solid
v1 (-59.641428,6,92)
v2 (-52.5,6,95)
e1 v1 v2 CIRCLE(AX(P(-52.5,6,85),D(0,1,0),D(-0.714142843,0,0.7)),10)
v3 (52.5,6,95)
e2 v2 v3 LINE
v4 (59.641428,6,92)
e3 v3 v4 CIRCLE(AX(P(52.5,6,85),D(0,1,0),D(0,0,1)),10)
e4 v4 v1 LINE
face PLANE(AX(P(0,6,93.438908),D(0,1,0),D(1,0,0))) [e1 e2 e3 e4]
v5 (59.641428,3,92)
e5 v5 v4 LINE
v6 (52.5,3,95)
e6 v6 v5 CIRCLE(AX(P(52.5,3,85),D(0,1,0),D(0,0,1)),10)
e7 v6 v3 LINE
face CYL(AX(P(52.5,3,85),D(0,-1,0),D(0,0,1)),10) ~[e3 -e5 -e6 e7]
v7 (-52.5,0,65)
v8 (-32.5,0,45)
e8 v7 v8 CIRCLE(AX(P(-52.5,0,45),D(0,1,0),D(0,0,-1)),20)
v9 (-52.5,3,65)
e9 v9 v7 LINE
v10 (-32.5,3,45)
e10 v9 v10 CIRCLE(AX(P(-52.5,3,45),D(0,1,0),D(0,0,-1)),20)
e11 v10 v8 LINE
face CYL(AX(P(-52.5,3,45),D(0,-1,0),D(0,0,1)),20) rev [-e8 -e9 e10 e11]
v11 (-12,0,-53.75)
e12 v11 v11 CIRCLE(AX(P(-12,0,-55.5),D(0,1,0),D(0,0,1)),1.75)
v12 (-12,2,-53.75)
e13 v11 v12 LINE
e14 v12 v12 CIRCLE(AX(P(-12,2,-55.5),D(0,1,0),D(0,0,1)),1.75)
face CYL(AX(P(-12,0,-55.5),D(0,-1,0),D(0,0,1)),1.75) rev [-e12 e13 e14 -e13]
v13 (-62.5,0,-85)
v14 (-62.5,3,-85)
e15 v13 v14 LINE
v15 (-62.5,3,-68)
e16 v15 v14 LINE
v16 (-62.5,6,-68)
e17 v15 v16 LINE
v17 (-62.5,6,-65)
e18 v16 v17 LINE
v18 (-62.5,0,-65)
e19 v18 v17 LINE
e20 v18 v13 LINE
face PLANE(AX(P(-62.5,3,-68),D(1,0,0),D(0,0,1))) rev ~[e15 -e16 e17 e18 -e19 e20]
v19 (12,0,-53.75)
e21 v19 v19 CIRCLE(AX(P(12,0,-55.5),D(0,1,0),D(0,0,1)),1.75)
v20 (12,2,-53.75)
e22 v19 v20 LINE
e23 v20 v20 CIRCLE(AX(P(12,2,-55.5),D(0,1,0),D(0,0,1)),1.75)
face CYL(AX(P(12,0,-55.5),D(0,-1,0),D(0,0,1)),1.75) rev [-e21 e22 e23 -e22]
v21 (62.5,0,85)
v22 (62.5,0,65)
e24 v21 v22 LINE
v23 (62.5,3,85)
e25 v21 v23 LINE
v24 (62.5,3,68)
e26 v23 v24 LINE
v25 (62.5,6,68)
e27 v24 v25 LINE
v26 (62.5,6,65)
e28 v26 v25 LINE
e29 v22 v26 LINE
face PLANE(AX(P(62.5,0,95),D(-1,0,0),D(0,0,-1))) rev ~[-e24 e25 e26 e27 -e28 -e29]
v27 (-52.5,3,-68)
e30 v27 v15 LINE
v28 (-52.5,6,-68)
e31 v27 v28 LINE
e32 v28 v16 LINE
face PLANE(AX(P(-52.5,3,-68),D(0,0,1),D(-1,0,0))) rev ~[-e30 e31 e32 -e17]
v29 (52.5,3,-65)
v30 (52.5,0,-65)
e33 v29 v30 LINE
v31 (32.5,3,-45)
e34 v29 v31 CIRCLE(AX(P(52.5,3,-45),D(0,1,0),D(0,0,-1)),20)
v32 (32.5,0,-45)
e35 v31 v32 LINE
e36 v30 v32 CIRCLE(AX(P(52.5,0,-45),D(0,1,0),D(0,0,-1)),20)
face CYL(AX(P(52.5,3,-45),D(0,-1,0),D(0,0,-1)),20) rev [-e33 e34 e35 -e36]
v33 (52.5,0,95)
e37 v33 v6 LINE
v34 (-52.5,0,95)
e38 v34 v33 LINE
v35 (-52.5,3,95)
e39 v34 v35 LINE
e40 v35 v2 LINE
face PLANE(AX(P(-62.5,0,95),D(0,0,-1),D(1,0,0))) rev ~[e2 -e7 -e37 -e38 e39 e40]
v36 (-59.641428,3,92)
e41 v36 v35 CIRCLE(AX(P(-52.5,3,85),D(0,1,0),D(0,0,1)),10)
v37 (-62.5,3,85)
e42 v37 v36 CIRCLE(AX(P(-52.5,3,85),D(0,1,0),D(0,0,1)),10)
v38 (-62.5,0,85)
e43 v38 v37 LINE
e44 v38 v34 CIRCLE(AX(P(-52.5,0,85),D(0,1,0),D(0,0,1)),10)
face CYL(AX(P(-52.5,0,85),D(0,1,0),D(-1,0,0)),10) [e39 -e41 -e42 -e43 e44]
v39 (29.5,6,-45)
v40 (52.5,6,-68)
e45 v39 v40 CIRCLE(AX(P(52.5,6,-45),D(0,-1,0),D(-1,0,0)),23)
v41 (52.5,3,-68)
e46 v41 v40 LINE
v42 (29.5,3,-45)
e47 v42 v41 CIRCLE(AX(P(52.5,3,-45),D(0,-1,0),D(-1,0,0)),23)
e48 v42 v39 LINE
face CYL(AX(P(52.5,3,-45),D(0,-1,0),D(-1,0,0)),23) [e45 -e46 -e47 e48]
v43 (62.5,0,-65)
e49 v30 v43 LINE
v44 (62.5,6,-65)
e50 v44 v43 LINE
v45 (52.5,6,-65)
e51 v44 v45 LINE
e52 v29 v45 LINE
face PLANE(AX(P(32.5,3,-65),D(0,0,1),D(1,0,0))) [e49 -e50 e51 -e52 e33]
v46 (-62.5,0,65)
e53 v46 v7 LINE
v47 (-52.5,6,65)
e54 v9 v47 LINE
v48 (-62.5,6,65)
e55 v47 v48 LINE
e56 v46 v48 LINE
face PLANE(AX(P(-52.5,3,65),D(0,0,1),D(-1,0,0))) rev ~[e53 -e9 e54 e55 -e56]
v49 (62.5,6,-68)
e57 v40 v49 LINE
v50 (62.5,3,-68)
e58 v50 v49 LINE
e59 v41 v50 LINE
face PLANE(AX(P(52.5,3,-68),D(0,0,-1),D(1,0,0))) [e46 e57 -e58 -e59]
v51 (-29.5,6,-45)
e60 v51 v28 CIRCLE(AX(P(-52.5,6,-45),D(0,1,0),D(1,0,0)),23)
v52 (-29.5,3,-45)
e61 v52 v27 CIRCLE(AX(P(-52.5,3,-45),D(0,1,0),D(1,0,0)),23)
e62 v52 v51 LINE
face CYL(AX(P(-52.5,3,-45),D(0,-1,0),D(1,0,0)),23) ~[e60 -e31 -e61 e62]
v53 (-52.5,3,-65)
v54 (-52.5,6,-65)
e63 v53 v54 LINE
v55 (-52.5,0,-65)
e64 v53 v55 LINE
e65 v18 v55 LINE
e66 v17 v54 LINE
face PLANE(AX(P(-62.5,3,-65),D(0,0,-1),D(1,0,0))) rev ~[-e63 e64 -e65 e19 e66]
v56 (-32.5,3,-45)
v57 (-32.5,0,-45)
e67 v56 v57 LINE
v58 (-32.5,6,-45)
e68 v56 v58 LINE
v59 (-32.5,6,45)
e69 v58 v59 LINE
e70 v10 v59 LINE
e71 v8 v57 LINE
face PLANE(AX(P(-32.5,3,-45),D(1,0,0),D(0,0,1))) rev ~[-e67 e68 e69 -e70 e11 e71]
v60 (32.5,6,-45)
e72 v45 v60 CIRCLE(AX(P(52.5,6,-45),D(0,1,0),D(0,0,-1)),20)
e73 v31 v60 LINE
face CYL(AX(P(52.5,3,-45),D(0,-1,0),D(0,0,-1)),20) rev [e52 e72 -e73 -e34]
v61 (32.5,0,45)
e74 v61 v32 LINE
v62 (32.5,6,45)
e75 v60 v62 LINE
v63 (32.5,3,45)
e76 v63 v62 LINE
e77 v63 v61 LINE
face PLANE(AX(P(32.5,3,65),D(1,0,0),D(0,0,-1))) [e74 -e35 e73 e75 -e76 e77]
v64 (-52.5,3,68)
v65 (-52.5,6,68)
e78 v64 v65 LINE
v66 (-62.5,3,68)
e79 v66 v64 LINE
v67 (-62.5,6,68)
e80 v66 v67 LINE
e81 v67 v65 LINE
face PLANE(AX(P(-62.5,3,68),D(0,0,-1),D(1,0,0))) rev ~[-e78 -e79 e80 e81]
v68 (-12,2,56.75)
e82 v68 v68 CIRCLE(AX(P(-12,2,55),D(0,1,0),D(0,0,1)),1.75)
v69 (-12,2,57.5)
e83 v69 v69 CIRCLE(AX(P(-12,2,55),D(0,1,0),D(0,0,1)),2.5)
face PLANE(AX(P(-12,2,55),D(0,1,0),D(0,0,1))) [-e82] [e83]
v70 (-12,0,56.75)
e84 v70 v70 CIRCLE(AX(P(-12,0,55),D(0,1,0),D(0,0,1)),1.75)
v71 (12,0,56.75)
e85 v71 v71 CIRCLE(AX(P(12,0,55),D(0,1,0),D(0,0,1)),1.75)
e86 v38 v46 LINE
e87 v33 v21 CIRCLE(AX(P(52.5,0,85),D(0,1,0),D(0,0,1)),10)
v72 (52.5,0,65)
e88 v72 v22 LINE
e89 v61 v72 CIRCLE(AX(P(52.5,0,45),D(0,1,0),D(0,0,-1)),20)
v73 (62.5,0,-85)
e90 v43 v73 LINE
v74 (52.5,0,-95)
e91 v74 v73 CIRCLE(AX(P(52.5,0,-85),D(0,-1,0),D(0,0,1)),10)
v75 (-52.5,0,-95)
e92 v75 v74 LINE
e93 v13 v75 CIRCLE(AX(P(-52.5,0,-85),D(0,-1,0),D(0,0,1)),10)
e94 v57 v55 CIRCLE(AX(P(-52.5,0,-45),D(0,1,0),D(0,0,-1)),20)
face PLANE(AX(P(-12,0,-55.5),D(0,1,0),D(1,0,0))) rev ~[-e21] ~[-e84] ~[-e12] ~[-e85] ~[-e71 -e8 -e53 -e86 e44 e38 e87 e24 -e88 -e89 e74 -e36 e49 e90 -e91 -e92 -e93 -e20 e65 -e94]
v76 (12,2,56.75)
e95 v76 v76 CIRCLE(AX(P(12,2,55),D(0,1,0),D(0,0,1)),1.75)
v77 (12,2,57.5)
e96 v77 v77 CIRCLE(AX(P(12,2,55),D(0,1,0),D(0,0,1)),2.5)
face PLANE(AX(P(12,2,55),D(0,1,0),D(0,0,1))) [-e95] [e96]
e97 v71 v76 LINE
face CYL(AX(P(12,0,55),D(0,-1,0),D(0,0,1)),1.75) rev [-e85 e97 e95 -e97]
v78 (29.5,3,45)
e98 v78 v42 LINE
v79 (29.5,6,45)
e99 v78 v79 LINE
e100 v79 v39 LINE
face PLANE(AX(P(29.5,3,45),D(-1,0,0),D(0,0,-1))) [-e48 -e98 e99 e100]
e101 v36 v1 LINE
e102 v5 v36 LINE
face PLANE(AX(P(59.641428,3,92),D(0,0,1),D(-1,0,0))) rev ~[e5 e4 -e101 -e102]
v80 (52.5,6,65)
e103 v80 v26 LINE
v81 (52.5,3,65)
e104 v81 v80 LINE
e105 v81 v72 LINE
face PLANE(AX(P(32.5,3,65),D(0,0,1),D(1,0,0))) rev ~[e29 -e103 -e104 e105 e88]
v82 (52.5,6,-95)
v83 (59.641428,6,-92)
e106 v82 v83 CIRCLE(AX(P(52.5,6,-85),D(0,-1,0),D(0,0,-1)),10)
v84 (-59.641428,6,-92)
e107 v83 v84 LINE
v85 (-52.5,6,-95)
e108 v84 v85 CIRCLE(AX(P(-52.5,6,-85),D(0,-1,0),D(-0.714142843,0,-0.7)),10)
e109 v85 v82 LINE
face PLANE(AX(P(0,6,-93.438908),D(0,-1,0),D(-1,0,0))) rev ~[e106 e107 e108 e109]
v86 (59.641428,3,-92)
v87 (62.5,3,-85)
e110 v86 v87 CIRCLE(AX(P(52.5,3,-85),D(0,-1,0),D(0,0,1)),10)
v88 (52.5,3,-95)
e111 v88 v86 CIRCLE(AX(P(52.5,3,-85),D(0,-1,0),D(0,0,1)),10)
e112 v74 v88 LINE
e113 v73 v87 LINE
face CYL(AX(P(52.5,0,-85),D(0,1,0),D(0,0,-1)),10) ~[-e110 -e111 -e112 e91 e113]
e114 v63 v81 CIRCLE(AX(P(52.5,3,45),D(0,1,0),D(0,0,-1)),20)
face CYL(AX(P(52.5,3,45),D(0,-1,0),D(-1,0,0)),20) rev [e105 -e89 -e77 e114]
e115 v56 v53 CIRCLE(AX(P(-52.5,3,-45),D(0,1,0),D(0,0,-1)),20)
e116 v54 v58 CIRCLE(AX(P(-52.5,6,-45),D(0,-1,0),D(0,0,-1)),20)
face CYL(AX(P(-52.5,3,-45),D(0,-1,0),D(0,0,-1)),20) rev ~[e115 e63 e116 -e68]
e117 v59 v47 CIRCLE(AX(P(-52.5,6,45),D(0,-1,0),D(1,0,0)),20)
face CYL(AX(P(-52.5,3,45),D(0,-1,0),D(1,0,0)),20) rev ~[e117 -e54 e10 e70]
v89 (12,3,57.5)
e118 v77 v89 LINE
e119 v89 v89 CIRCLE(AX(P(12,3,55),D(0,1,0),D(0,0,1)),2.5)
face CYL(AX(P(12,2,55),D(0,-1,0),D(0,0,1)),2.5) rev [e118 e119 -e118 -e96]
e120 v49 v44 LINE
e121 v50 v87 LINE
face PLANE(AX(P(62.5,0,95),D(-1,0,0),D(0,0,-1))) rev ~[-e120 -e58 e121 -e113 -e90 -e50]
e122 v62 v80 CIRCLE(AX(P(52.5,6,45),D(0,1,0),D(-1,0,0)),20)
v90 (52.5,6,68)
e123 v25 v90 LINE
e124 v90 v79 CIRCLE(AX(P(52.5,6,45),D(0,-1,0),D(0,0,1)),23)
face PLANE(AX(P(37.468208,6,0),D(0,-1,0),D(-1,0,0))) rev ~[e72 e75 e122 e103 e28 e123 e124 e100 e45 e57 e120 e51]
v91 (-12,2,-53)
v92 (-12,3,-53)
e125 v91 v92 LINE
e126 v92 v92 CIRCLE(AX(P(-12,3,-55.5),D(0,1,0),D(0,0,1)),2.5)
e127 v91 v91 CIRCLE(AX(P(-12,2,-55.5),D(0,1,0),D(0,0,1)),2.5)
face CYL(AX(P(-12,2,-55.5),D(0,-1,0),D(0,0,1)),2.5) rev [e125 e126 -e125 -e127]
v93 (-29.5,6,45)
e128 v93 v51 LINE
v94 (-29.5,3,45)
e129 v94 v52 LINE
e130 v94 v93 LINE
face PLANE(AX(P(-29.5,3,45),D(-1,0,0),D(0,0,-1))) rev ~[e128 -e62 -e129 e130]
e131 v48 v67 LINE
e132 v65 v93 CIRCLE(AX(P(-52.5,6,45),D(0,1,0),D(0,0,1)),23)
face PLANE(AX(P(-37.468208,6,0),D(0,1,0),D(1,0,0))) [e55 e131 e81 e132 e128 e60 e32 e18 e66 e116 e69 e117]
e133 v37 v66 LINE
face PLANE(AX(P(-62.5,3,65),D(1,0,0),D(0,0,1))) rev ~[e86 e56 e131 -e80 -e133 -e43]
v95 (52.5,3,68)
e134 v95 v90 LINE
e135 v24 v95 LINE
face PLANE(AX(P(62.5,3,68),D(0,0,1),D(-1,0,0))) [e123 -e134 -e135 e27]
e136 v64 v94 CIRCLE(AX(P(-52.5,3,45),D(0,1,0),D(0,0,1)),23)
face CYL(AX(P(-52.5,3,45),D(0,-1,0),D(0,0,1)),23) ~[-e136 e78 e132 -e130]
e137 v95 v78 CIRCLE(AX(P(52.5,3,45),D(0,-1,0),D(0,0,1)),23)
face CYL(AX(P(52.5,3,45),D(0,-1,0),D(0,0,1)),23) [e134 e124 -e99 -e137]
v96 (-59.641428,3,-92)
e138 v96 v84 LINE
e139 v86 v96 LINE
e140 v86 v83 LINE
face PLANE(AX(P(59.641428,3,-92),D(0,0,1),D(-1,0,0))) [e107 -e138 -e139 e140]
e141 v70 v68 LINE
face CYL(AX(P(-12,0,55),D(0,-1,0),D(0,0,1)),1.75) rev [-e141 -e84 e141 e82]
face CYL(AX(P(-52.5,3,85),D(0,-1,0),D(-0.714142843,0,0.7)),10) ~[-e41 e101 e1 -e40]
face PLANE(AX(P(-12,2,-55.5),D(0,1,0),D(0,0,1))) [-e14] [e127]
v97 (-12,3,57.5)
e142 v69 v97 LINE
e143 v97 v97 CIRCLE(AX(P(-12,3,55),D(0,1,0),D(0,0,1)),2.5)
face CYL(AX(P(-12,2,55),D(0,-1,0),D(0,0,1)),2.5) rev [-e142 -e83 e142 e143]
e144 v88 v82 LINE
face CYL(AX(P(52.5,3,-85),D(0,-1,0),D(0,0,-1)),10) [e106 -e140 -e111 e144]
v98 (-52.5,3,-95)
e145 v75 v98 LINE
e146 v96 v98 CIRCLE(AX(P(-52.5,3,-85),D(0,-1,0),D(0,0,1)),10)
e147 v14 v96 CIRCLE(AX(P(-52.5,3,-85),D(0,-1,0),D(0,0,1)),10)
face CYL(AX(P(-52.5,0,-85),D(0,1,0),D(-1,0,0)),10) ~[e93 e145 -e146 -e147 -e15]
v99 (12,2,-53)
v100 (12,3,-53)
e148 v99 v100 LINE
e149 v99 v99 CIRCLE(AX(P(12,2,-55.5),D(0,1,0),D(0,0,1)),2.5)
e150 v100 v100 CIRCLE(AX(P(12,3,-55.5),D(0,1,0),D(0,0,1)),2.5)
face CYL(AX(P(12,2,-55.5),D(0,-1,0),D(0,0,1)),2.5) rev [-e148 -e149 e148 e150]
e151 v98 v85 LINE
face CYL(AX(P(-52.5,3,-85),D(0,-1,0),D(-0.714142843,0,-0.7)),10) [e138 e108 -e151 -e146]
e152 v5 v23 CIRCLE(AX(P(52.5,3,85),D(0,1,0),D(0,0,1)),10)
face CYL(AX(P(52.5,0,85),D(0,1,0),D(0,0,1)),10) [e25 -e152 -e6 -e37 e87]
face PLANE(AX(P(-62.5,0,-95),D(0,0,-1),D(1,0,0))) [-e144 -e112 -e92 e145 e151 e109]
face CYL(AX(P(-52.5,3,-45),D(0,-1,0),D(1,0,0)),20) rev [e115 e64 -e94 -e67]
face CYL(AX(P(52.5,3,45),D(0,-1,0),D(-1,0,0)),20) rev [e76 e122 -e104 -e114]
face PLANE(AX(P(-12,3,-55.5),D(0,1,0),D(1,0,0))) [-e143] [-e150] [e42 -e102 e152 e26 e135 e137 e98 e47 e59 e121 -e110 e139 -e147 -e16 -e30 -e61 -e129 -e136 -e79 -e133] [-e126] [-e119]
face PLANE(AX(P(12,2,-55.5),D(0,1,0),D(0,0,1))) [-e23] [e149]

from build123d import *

# Parameters (mm, degrees)
SKETCH1_W           = 125
SKETCH1_H           = 190
SKETCH1_R           = 2.5
SKETCH1_R_2         = 1.75
BOSS_EXTRUDE1_DEPTH = 3
CUT_EXTRUDE1_START  = 2
SKETCH1_3_R         = 2.5
SKETCH1_3_R_2       = 1.75
CUT_EXTRUDE1_DEPTH  = 1
SKETCH2_W           = 30
SKETCH2_H           = 130
CUT_EXTRUDE2_DEPTH  = 114.75521966
FILLET1_R           = 20
FILLET2_R           = 10
BOSS_EXTRUDE2_DEPTH = 3


with BuildPart() as part:
    # Sketch1 → Boss-Extrude1 (new body)
    # profile 1 of 5: a face of its own
    with BuildSketch(Plane(origin=(0, 0, 0), x_dir=(1, 0, 0), z_dir=(0, 1, 0))):
        Rectangle(SKETCH1_W, SKETCH1_H)
        with Locations((-12, 55.5)):
            Circle(SKETCH1_R, mode=Mode.SUBTRACT)
        with Locations((12, 55.5)):
            Circle(SKETCH1_R, mode=Mode.SUBTRACT)
        with Locations((-12, -55)):
            Circle(SKETCH1_R, mode=Mode.SUBTRACT)
        with Locations((12, -55)):
            Circle(SKETCH1_R, mode=Mode.SUBTRACT)
    # profile 2 of 5: a face of its own
    with BuildSketch(Plane(origin=(0, 0, 0), x_dir=(1, 0, 0), z_dir=(0, 1, 0))):
        with Locations((-12, -55)):
            Circle(SKETCH1_R)
        with Locations(Location((-12, -55, 0), (0, 0, 270))):
            Circle(SKETCH1_R_2, mode=Mode.SUBTRACT)
    # profile 3 of 5: a face of its own
    with BuildSketch(Plane(origin=(0, 0, 0), x_dir=(1, 0, 0), z_dir=(0, 1, 0))):
        with Locations((12, -55)):
            Circle(SKETCH1_R)
        with Locations(Location((12, -55, 0), (0, 0, 270))):
            Circle(SKETCH1_R_2, mode=Mode.SUBTRACT)
    # profile 4 of 5: a face of its own
    with BuildSketch(Plane(origin=(0, 0, 0), x_dir=(1, 0, 0), z_dir=(0, 1, 0))):
        with Locations((12, 55.5)):
            Circle(SKETCH1_R)
        with Locations(Location((12, 55.5, 0), (0, 0, 270))):
            Circle(SKETCH1_R_2, mode=Mode.SUBTRACT)
    # profile 5 of 5: a face of its own
    with BuildSketch(Plane(origin=(0, 0, 0), x_dir=(1, 0, 0), z_dir=(0, 1, 0))):
        with Locations((-12, 55.5)):
            Circle(SKETCH1_R)
        with Locations(Location((-12, 55.5, 0), (0, 0, 270))):
            Circle(SKETCH1_R_2, mode=Mode.SUBTRACT)
    extrude(amount=BOSS_EXTRUDE1_DEPTH)

    # Sketch1<3> → Cut-Extrude1 (cut)
    # profile 1 of 4: a face of its own
    with BuildSketch(Plane(origin=(0, 0, 0), x_dir=(1, 0, 0), z_dir=(0, 1, 0)).offset(CUT_EXTRUDE1_START)):
        with Locations(Location((-12, -55, 0), (0, 0, 270))):
            Circle(SKETCH1_3_R)
        with Locations(Location((-12, -55, 0), (0, 0, 270))):
            Circle(SKETCH1_3_R_2, mode=Mode.SUBTRACT)
    # profile 2 of 4: a face of its own
    with BuildSketch(Plane(origin=(0, 0, 0), x_dir=(1, 0, 0), z_dir=(0, 1, 0)).offset(CUT_EXTRUDE1_START)):
        with Locations(Location((12, 55.5, 0), (0, 0, 270))):
            Circle(SKETCH1_3_R)
        with Locations(Location((12, 55.5, 0), (0, 0, 270))):
            Circle(SKETCH1_3_R_2, mode=Mode.SUBTRACT)
    # profile 3 of 4: a face of its own
    with BuildSketch(Plane(origin=(0, 0, 0), x_dir=(1, 0, 0), z_dir=(0, 1, 0)).offset(CUT_EXTRUDE1_START)):
        with Locations(Location((-12, 55.5, 0), (0, 0, 270))):
            Circle(SKETCH1_3_R)
        with Locations(Location((-12, 55.5, 0), (0, 0, 270))):
            Circle(SKETCH1_3_R_2, mode=Mode.SUBTRACT)
    # profile 4 of 4: a face of its own
    with BuildSketch(Plane(origin=(0, 0, 0), x_dir=(1, 0, 0), z_dir=(0, 1, 0)).offset(CUT_EXTRUDE1_START)):
        with Locations(Location((12, -55, 0), (0, 0, 270))):
            Circle(SKETCH1_3_R)
        with Locations(Location((12, -55, 0), (0, 0, 270))):
            Circle(SKETCH1_3_R_2, mode=Mode.SUBTRACT)
    extrude(amount=CUT_EXTRUDE1_DEPTH, mode=Mode.SUBTRACT)

    # Sketch2 → Cut-Extrude2 (cut, through all)
    with BuildSketch(Plane(origin=(0, 3, 0), x_dir=(1, 0, 0), z_dir=(0, 1, 0))):
        with Locations((47.5, 0)):
            Rectangle(SKETCH2_W, SKETCH2_H)
        with Locations((-47.5, 0)):
            Rectangle(SKETCH2_W, SKETCH2_H)
    extrude(amount=-CUT_EXTRUDE2_DEPTH, mode=Mode.SUBTRACT)

    # Fillet1
    fillet1_edges = [part.edges().sort_by_distance(p)[0] for p in [
        (32.5, 1.5, 65),
        (32.5, 1.5, -65),
        (-32.5, 1.5, -65),
        (-32.5, 1.5, 65),
    ]]
    fillet(fillet1_edges, radius=FILLET1_R)

    # Fillet2
    fillet2_edges = [part.edges().sort_by_distance(p)[0] for p in [
        (-62.5, 1.5, 95),
        (-62.5, 1.5, -95),
        (62.5, 1.5, -95),
        (62.5, 1.5, 95),
    ]]
    fillet(fillet2_edges, radius=FILLET2_R)

    # Sketch3 → Boss-Extrude2 (add)
    with BuildSketch(Plane(origin=(0, 3, 0), x_dir=(1, 0, 0), z_dir=(0, 1, 0))):
        with BuildLine():
            Line((-59.5, 68), (-62.5, 68))
            Line((-62.5, 68), (-62.5, 65))
            Line((-62.5, 65), (-52.5, 65))
            ThreePointArc((-52.5, 65), (-38.357864376, 59.142135624), (-32.5, 45))
            Line((-32.5, 45), (-32.5, -45))
            ThreePointArc((-32.5, -45), (-38.357864376, -59.142135624), (-52.5, -65))
            Line((-52.5, -65), (-62.5, -65))
            Line((-62.5, -65), (-62.5, -68))
            Line((-62.5, -68), (-59.5, -68))
            Line((-59.5, -68), (-52.5, -68))
            ThreePointArc((-52.5, -68), (-36.236544033, -61.263455967), (-29.5, -45))
            Line((-29.5, -45), (-29.5, 45))
            ThreePointArc((-29.5, 45), (-36.236544033, 61.263455967), (-52.5, 68))
            Line((-52.5, 68), (-59.5, 68))
        make_face()
        with BuildLine():
            Line((59.5, 68), (62.5, 68))
            Line((62.5, 68), (62.5, 65))
            Line((62.5, 65), (52.5, 65))
            ThreePointArc((52.5, 65), (38.357864376, 59.142135624), (32.5, 45))
            Line((32.5, 45), (32.5, -45))
            ThreePointArc((32.5, -45), (38.357864376, -59.142135624), (52.5, -65))
            Line((52.5, -65), (62.5, -65))
            Line((62.5, -65), (62.5, -68))
            Line((62.5, -68), (59.5, -68))
            Line((59.5, -68), (52.5, -68))
            ThreePointArc((52.5, -68), (36.236544033, -61.263455967), (29.5, -45))
            Line((29.5, -45), (29.5, 45))
            ThreePointArc((29.5, 45), (36.236544033, 61.263455967), (52.5, 68))
            Line((52.5, 68), (59.5, 68))
        make_face()
        with BuildLine():
            Line((-52.5, -92), (-59.641428429, -92))
            ThreePointArc((-59.641428429, -92), (-56.372983346, -94.219544457), (-52.5, -95))
            Line((-52.5, -95), (52.5, -95))
            ThreePointArc((52.5, -95), (56.372983346, -94.219544457), (59.641428429, -92))
            Line((59.641428429, -92), (52.5, -92))
            Line((52.5, -92), (-52.5, -92))
        make_face()
        with BuildLine():
            Line((-52.5, 92), (-59.641428429, 92))
            ThreePointArc((-59.641428429, 92), (-56.372983346, 94.219544457), (-52.5, 95))
            Line((-52.5, 95), (52.5, 95))
            ThreePointArc((52.5, 95), (56.372983346, 94.219544457), (59.641428429, 92))
            Line((59.641428429, 92), (52.5, 92))
            Line((52.5, 92), (-52.5, 92))
        make_face()
    extrude(amount=BOSS_EXTRUDE2_DEPTH)


solid = part.part
